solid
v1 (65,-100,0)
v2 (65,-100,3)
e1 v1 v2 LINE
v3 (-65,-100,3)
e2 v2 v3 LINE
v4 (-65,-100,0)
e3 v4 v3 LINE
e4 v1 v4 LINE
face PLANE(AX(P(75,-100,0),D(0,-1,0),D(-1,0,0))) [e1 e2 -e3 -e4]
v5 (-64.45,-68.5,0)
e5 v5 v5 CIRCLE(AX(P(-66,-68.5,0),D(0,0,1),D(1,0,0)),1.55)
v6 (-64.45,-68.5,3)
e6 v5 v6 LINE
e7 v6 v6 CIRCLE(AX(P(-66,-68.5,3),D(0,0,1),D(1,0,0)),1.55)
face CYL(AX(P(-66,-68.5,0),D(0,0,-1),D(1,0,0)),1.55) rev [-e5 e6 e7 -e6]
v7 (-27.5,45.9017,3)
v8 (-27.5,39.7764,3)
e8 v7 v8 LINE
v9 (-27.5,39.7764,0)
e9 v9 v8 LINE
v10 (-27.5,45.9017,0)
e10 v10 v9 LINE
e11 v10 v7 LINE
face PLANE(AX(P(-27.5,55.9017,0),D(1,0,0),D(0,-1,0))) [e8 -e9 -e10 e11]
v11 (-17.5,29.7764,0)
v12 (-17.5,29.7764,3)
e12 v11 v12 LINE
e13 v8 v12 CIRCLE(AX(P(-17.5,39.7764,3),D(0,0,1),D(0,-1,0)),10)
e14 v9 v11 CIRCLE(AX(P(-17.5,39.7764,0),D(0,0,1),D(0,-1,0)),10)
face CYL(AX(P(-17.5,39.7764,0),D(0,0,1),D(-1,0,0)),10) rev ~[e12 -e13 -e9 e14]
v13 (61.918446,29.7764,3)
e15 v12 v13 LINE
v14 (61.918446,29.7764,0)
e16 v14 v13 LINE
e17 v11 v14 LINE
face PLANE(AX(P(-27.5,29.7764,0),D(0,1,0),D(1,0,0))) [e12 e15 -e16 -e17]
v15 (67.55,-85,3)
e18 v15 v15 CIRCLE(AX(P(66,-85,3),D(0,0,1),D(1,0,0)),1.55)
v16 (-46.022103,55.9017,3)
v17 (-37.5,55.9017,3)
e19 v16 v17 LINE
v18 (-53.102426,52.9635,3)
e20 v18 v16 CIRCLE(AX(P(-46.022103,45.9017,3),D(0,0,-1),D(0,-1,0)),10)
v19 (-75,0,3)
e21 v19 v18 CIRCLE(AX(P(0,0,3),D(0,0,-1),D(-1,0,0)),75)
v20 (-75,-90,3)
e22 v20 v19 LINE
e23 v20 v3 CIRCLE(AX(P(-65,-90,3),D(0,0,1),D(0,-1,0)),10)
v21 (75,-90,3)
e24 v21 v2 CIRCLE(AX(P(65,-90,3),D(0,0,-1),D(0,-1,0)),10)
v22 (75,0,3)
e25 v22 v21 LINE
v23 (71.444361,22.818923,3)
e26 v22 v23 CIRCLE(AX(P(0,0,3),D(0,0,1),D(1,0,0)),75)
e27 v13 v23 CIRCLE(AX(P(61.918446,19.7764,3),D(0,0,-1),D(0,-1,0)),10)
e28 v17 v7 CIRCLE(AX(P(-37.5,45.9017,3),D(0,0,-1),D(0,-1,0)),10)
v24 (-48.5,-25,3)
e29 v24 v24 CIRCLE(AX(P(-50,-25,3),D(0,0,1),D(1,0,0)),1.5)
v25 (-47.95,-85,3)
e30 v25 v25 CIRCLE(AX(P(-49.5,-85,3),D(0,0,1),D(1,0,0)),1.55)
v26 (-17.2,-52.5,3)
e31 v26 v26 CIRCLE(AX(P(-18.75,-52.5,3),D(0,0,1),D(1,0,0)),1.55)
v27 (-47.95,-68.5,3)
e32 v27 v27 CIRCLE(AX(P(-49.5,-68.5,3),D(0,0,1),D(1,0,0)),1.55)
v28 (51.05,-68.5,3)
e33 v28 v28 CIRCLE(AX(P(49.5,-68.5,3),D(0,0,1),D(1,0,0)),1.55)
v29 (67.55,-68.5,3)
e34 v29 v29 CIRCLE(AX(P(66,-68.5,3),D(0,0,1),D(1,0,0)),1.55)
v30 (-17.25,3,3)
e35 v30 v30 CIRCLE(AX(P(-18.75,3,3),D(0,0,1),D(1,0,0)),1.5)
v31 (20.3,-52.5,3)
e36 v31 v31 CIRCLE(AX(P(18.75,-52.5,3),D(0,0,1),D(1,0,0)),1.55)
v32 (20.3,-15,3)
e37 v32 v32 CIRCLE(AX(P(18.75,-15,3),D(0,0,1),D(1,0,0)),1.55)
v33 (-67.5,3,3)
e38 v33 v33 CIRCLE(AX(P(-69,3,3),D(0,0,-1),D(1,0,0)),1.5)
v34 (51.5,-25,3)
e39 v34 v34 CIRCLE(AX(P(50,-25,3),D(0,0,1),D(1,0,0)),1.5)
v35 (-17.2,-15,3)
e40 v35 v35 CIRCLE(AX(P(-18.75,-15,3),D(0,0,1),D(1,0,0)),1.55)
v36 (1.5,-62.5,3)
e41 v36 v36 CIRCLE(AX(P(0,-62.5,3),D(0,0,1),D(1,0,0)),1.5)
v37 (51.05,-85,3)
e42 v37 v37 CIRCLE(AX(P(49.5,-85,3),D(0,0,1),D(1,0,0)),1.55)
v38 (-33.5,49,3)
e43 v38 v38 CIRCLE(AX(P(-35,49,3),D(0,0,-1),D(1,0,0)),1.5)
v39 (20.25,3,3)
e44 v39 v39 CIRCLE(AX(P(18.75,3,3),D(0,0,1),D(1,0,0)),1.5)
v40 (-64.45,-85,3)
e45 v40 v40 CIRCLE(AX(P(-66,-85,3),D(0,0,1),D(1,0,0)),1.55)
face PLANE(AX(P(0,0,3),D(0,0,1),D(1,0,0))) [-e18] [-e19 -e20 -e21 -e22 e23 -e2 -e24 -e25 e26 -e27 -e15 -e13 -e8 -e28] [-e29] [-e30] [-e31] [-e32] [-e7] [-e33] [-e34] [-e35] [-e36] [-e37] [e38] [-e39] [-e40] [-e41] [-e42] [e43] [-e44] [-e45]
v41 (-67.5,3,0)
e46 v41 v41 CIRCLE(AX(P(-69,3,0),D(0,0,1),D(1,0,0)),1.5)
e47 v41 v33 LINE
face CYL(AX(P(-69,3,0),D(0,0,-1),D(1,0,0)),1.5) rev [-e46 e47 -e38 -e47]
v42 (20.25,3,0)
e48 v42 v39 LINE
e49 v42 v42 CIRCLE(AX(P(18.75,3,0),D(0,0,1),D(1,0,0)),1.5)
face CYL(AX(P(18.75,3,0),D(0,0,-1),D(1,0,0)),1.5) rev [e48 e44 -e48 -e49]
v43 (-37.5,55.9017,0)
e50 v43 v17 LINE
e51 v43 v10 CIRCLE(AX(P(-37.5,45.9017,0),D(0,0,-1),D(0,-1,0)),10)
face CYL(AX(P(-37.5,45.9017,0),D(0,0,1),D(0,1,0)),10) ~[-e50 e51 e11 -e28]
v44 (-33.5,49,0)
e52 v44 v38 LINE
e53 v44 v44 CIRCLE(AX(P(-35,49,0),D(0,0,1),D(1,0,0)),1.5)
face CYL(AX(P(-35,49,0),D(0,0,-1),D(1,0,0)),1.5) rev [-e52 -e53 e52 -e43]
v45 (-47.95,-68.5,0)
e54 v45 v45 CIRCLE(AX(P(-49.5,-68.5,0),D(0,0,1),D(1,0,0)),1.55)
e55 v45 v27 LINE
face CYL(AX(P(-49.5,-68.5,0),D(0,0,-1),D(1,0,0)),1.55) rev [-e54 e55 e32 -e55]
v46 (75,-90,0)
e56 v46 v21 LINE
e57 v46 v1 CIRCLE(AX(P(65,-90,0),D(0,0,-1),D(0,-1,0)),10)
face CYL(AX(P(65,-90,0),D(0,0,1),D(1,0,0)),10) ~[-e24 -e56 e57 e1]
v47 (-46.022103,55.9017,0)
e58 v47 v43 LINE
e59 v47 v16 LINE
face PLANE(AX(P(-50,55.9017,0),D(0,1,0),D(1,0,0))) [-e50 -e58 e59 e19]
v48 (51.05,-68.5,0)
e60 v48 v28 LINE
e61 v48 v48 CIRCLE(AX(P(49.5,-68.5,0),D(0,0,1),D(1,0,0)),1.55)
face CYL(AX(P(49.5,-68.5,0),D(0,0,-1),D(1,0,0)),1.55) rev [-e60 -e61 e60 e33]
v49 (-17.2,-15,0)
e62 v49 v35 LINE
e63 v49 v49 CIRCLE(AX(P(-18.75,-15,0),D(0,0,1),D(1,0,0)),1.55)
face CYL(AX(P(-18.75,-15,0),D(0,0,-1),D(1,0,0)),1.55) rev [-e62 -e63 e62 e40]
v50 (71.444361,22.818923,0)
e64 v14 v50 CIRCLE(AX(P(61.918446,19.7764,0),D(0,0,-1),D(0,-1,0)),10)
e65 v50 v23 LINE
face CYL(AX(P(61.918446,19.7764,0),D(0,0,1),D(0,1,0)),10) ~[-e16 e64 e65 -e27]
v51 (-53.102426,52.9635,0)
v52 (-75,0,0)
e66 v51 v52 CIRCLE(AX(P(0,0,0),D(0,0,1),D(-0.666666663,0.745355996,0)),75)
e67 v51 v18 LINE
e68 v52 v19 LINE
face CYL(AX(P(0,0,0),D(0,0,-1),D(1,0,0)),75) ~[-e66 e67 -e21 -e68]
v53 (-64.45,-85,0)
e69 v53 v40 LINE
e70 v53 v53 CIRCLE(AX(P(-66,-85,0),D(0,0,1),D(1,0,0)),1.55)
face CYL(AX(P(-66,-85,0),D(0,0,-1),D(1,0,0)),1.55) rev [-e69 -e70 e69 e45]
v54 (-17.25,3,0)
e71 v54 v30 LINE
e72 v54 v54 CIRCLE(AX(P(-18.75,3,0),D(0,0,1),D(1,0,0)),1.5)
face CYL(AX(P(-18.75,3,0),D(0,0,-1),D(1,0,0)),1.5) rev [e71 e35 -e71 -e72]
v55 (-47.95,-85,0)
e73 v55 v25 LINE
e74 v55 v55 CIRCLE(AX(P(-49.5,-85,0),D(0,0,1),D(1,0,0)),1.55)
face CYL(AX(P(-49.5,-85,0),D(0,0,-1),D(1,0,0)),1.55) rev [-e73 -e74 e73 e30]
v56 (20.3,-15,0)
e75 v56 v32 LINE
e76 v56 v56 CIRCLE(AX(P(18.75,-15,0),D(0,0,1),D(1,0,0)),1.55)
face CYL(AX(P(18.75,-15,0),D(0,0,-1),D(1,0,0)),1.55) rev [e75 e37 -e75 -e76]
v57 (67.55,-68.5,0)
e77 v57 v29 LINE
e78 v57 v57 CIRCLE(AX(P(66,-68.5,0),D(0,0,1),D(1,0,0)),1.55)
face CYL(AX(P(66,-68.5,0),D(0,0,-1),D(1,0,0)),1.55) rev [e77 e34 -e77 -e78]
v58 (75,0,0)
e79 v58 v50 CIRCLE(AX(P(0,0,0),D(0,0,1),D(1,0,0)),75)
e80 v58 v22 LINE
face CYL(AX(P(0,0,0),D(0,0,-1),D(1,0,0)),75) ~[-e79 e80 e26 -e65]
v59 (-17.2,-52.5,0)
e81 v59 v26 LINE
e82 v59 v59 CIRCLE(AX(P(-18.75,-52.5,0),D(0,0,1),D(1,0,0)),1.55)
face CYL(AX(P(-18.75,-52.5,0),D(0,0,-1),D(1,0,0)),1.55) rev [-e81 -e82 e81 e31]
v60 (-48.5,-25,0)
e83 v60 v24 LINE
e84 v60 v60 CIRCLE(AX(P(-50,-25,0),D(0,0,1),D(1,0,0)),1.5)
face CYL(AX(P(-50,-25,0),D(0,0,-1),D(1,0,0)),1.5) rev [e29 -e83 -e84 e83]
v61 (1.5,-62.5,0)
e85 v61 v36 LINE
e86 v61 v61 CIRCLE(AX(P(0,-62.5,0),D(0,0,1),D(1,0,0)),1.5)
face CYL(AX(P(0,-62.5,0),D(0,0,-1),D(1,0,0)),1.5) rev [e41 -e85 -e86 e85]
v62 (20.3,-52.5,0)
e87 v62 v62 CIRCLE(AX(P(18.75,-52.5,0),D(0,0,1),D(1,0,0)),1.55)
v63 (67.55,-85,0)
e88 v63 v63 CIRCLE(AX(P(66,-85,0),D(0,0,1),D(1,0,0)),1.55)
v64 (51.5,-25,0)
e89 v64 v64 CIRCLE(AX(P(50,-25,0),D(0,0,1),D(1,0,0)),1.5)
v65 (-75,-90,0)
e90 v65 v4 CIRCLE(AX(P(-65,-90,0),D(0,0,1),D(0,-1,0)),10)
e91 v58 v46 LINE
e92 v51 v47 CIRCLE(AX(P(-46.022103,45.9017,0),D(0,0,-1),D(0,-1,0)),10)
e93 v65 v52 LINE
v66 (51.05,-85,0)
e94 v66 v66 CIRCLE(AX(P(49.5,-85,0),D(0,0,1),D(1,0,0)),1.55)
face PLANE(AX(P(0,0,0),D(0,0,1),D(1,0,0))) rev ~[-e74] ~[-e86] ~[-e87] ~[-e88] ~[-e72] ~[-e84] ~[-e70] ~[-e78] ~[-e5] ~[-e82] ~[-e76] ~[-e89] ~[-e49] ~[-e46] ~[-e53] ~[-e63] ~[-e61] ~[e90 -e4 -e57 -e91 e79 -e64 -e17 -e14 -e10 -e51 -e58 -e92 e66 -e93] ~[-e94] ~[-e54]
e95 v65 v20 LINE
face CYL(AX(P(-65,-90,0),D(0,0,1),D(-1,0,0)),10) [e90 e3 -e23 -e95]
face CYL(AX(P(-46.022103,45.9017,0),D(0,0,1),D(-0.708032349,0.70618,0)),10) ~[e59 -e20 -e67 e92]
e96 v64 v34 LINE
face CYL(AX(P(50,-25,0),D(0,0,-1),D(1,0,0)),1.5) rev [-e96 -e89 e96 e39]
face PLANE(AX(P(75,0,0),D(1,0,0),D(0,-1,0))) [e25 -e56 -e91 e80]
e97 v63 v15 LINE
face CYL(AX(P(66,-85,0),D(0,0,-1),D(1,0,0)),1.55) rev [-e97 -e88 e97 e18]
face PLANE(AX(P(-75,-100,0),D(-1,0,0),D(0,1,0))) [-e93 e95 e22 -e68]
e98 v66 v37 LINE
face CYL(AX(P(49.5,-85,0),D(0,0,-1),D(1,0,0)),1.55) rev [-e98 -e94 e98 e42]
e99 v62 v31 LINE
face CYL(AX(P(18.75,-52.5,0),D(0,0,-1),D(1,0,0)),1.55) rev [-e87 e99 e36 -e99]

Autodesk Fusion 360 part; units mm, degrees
sketch "Sketch1" plane through (0, 0, 0) normal (0, 0, 1) x (1, 0, 0)
  circle A0 centre (0, 0) radius 75
  line L0 (-75, 0) -> (75, 0)
  line L1 (75, 0) -> (75, -100)
  line L2 (75, -100) -> (-75, -100)
  line L3 (-75, -100) -> (-75, 0)
  circle A1 centre (49.5, -68.5) radius 1.55
  circle A2 centre (66, -85) radius 1.55
  circle A3 centre (66, -68.5) radius 1.55
  circle A4 centre (49.5, -85) radius 1.55
  circle A5 centre (-66, -68.5) radius 1.55
  circle A6 centre (-66, -85) radius 1.55
  circle A7 centre (-49.5, -68.5) radius 1.55
  circle A8 centre (-49.5, -85) radius 1.55
  line L4 (-50, 55.9017) -> (50, 55.9017)
  circle A9 centre (-18.75, -52.5) radius 1.55
  circle A10 centre (18.75, -52.5) radius 1.55
  circle A11 centre (18.75, -15) radius 1.55
  circle A12 centre (-18.75, -15) radius 1.55
  line L5 (-69, 49) -> (-35, 49)
  line L6 (-35, 49) -> (-35, 3)
  line L7 (-35, 3) -> (-69, 3)
  line L8 (-69, 3) -> (-69, 49)
  circle A13 centre (-69, 3) radius 1.5
  circle A14 centre (-35, 49) radius 1.5
  circle A15 centre (-35, 49) radius 3
  circle A16 centre (-69, 3) radius 3
  line L9 (-27.5, 69.7764) -> (-27.5, 29.7764)
  line L10 (-27.5, 29.7764) -> (68.8358, 29.7764)
  circle A17 centre (-18.75, 3) radius 1.5
  circle A18 centre (18.75, 3) radius 1.5
  circle A19 centre (-50, -25) radius 1.5
  circle A20 centre (50, -25) radius 1.5
  circle A21 centre (0, -62.5) radius 1.5
  dimension "d1" = 150
  dimension "d2" = 150
  dimension "d3" = 100
  dimension "d4" = 3.1
  dimension "d5" = 3.1
  dimension "d6" = 3.1
  dimension "d7" = 3.1
  dimension "d8" = 3.1
  dimension "d9" = 3.1
  dimension "d10" = 3.1
  dimension "d11" = 3.1
  dimension "d12" = 16.5
  dimension "d14" = 16.5
  dimension "d15" = 16.5
  dimension "d16" = 16.5
  dimension "d17" = 16.5
  dimension "d18" = 16.5
  dimension "d20" = 16.5
  dimension "d21" = 16.5
  dimension "d22" = 9
  dimension "d23" = 9
  dimension "d24" = 15
  dimension "d25" = 15
  dimension "d26" = 100
  dimension "d27" = 3.1
  dimension "d28" = 3.1
  dimension "d29" = 3.1
  dimension "d30" = 3.1
  dimension "d36" = 37.5
  dimension "d37" = 37.5
  dimension "d38" = 37.5
  dimension "d39" = 37.5
  dimension "d46" = 15
  dimension "d47" = 18.75
  dimension "d55" = 34
  dimension "d56" = 46
  dimension "d57" = 3
  dimension "d58" = 40
  dimension "d59" = 3
  dimension "d60" = 3
  dimension "d73" = 6
  dimension "d74" = 6
  dimension "d86" = 40
  dimension "d87" = 7.5
  dimension "d88" = 3
  dimension "d89" = 3
  dimension "d90" = 37.5
  dimension "d91" = 18.75
  dimension "d92" = 3
  dimension "d95" = 3
  dimension "d96" = 3
  dimension "d97" = 100
  dimension "d98" = 50
  dimension "d99" = 25
  dimension "d100" = 3
  dimension "d101" = 18.75
  dimension "d102" = 10
extrude "Extrude7" add sketch "Sketch1" along normal blind 3 contours A0 L0 L4 L5 L6 L7 A15 A16 L9 L10 | A0 L1 L2 L3 | A0 L0 | A0 L0 L8 A16 | L7 L8 A13 A16 | A0 L5 L6 L7 L8 A15 A16 | L7 L8 A13 A16 | L5 L6 A14 A15 | L5 L6 A14 A15
fillet "Fillet6" radius 10 6 edges at (-27.5, 55.9017, 1.5) (75, -100, 1.5) (-75, -100, 1.5) (-50, 55.9017, 1.5) (68.8358, 29.7764, 1.5) (-27.5, 29.7764, 1.5)
